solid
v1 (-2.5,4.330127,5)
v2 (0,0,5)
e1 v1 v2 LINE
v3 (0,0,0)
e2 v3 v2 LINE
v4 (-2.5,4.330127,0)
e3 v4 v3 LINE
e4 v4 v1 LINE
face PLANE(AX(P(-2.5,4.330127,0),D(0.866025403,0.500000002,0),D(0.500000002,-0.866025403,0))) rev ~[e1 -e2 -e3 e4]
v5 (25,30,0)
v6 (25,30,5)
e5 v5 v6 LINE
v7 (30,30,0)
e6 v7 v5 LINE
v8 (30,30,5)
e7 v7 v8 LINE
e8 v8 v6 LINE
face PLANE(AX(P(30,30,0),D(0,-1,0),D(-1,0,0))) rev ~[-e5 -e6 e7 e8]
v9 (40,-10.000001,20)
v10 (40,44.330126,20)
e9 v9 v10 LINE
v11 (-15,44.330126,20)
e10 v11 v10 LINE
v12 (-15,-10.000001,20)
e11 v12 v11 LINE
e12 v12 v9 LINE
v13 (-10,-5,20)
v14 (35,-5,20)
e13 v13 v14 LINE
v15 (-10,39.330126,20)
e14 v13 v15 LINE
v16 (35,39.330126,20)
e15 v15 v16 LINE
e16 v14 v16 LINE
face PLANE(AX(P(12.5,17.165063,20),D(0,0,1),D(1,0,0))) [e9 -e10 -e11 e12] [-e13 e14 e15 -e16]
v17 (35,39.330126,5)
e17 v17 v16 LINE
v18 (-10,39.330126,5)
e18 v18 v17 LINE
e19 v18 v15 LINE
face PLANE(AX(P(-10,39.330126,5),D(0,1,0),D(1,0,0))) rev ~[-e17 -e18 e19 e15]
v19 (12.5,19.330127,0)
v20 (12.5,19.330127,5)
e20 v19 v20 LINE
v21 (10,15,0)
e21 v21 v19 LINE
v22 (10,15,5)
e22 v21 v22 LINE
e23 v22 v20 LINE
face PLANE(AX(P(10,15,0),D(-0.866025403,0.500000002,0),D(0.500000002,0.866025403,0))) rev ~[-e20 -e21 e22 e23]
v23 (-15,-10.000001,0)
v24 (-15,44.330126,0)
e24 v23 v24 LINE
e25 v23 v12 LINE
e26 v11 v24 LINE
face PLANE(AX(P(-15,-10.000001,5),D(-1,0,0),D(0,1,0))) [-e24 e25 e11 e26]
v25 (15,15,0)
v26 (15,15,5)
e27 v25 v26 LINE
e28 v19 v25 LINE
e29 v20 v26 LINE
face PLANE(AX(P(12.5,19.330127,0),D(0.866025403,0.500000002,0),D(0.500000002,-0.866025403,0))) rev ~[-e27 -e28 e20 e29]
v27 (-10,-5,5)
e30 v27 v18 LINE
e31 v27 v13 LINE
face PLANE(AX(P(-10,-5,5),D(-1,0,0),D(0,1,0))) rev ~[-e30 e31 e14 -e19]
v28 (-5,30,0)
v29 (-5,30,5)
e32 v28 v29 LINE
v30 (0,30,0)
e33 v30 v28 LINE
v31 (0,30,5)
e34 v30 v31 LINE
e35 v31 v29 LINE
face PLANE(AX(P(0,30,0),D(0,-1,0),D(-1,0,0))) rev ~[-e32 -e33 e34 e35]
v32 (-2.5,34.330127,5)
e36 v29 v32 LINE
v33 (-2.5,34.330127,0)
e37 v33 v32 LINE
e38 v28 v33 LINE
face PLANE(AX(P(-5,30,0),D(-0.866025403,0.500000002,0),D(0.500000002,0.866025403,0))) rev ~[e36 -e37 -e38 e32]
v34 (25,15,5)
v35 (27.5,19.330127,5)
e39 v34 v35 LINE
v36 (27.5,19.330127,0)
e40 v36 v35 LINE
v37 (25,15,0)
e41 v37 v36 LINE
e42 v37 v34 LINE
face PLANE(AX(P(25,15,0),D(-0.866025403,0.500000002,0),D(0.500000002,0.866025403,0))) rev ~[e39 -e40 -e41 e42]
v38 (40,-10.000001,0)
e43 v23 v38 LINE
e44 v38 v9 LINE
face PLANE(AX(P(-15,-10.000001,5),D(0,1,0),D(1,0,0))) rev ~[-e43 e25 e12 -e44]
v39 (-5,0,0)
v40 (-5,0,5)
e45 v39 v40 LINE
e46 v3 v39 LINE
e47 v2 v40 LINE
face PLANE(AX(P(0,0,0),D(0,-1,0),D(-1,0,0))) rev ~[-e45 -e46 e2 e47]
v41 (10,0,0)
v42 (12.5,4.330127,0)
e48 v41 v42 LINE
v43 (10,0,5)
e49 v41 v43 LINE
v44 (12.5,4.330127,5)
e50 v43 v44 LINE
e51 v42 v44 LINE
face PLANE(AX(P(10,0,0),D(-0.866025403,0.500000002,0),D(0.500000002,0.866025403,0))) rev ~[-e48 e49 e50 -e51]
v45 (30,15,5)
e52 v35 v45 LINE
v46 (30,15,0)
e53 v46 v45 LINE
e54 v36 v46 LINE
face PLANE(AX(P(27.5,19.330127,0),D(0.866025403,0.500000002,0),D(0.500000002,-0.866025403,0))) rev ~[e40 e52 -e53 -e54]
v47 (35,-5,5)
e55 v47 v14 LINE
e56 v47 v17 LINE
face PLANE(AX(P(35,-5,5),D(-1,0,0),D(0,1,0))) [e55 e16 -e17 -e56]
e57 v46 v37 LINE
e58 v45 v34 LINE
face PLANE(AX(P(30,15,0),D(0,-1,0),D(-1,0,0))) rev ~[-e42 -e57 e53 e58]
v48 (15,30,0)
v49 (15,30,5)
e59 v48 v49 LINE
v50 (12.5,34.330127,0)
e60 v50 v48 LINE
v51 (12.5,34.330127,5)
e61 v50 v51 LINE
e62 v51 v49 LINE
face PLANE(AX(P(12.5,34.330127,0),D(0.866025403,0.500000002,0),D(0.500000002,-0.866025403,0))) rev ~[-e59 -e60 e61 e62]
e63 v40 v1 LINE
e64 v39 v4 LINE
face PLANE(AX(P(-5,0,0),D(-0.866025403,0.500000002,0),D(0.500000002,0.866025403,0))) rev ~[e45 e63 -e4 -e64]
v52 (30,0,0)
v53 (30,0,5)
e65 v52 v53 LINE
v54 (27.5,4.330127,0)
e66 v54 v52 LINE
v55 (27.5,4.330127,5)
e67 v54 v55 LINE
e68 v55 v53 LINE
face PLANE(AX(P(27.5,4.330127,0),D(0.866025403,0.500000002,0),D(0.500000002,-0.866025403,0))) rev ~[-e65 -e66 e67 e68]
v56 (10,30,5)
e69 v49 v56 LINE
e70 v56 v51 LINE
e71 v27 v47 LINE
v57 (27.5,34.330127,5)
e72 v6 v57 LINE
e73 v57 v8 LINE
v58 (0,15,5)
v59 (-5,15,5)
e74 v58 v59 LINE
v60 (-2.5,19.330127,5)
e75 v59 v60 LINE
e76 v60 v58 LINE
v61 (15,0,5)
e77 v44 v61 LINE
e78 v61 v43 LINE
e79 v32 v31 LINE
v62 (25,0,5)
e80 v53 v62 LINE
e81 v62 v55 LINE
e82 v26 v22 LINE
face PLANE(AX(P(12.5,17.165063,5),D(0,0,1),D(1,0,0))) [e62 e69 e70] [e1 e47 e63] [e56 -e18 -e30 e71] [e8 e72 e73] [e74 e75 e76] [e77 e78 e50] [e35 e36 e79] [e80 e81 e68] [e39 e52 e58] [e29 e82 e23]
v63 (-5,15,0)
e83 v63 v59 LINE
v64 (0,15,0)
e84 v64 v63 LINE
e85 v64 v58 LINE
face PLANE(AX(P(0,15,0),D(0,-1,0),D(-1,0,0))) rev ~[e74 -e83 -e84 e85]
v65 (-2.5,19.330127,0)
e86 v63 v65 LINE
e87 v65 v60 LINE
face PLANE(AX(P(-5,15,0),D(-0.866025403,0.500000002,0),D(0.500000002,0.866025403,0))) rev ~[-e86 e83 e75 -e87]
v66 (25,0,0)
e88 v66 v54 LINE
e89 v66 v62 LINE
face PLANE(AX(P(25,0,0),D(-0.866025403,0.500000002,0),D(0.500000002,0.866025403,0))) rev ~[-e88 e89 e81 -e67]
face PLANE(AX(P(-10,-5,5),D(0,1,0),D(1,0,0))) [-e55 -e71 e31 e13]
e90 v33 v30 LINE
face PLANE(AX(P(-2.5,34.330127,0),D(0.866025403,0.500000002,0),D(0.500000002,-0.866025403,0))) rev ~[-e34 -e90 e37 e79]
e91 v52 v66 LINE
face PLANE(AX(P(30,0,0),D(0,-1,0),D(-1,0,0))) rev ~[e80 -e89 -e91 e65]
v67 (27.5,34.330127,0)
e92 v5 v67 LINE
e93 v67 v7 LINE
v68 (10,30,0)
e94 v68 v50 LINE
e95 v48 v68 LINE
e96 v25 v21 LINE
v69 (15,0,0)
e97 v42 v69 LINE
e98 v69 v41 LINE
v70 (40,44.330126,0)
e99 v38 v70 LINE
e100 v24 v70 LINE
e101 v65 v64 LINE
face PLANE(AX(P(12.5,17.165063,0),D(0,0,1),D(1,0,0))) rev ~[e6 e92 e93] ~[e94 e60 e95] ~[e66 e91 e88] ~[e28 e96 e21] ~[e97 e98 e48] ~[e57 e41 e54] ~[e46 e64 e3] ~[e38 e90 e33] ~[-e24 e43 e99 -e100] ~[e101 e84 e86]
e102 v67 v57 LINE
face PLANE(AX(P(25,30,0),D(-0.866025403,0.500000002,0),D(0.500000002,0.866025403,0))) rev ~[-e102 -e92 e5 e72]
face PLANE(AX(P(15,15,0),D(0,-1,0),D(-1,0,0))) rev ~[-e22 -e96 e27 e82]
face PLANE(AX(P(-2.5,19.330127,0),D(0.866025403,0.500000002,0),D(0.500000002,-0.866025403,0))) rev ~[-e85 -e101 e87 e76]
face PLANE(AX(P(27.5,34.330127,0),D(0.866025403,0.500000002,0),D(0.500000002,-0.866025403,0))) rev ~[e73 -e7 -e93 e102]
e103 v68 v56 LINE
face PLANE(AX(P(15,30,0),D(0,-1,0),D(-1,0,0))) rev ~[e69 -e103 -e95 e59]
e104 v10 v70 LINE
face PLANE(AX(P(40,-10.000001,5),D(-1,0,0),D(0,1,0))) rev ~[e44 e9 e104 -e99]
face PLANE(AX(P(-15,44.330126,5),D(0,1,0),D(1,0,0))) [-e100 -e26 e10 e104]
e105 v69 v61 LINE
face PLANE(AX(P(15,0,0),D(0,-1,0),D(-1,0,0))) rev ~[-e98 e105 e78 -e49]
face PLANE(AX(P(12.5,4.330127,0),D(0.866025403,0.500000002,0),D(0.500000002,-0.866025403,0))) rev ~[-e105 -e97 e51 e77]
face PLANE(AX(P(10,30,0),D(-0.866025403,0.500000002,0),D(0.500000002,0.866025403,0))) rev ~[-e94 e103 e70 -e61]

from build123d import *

# Parameters (mm, degrees)
F0_W     = 55
F0_H     = 54.330127
F1_DEPTH = 5
F2_W     = 55
F2_H     = 54.330127
F2_W_2   = 45
F2_H_2   = 44.330127
F3_DEPTH = 15


with BuildPart() as f1:
    # F0 (on Top) → F1 (new body)
    with BuildSketch(Plane.XY):
        with Locations((12.5, 17.165063)):
            Rectangle(F0_W, F0_H)
        Polygon((-5, 0), (-2.5, 4.330127), (0, 0), align=None, mode=Mode.SUBTRACT)
        Polygon((15, 0), (10, 0), (12.5, 4.330127), align=None, mode=Mode.SUBTRACT)
        Polygon((30, 0), (25, 0), (27.5, 4.330127), align=None, mode=Mode.SUBTRACT)
        Polygon((0, 15), (-5, 15), (-2.5, 19.330127), align=None, mode=Mode.SUBTRACT)
        Polygon((0, 30), (-5, 30), (-2.5, 34.330127), align=None, mode=Mode.SUBTRACT)
        Polygon((15, 15), (10, 15), (12.5, 19.330127), align=None, mode=Mode.SUBTRACT)
        Polygon((30, 15), (25, 15), (27.5, 19.330127), align=None, mode=Mode.SUBTRACT)
        Polygon((15, 30), (10, 30), (12.5, 34.330127), align=None, mode=Mode.SUBTRACT)
        Polygon((30, 30), (25, 30), (27.5, 34.330127), align=None, mode=Mode.SUBTRACT)
    extrude(amount=F1_DEPTH)

    # F2 (on face) → F3 (join)
    with BuildSketch(Plane.XY.offset(5)):
        with Locations((12.5, 17.165063)):
            Rectangle(F2_W, F2_H)
        with Locations((12.5, 17.165063)):
            Rectangle(F2_W_2, F2_H_2, mode=Mode.SUBTRACT)
    extrude(amount=F3_DEPTH)


solid = f1.part
